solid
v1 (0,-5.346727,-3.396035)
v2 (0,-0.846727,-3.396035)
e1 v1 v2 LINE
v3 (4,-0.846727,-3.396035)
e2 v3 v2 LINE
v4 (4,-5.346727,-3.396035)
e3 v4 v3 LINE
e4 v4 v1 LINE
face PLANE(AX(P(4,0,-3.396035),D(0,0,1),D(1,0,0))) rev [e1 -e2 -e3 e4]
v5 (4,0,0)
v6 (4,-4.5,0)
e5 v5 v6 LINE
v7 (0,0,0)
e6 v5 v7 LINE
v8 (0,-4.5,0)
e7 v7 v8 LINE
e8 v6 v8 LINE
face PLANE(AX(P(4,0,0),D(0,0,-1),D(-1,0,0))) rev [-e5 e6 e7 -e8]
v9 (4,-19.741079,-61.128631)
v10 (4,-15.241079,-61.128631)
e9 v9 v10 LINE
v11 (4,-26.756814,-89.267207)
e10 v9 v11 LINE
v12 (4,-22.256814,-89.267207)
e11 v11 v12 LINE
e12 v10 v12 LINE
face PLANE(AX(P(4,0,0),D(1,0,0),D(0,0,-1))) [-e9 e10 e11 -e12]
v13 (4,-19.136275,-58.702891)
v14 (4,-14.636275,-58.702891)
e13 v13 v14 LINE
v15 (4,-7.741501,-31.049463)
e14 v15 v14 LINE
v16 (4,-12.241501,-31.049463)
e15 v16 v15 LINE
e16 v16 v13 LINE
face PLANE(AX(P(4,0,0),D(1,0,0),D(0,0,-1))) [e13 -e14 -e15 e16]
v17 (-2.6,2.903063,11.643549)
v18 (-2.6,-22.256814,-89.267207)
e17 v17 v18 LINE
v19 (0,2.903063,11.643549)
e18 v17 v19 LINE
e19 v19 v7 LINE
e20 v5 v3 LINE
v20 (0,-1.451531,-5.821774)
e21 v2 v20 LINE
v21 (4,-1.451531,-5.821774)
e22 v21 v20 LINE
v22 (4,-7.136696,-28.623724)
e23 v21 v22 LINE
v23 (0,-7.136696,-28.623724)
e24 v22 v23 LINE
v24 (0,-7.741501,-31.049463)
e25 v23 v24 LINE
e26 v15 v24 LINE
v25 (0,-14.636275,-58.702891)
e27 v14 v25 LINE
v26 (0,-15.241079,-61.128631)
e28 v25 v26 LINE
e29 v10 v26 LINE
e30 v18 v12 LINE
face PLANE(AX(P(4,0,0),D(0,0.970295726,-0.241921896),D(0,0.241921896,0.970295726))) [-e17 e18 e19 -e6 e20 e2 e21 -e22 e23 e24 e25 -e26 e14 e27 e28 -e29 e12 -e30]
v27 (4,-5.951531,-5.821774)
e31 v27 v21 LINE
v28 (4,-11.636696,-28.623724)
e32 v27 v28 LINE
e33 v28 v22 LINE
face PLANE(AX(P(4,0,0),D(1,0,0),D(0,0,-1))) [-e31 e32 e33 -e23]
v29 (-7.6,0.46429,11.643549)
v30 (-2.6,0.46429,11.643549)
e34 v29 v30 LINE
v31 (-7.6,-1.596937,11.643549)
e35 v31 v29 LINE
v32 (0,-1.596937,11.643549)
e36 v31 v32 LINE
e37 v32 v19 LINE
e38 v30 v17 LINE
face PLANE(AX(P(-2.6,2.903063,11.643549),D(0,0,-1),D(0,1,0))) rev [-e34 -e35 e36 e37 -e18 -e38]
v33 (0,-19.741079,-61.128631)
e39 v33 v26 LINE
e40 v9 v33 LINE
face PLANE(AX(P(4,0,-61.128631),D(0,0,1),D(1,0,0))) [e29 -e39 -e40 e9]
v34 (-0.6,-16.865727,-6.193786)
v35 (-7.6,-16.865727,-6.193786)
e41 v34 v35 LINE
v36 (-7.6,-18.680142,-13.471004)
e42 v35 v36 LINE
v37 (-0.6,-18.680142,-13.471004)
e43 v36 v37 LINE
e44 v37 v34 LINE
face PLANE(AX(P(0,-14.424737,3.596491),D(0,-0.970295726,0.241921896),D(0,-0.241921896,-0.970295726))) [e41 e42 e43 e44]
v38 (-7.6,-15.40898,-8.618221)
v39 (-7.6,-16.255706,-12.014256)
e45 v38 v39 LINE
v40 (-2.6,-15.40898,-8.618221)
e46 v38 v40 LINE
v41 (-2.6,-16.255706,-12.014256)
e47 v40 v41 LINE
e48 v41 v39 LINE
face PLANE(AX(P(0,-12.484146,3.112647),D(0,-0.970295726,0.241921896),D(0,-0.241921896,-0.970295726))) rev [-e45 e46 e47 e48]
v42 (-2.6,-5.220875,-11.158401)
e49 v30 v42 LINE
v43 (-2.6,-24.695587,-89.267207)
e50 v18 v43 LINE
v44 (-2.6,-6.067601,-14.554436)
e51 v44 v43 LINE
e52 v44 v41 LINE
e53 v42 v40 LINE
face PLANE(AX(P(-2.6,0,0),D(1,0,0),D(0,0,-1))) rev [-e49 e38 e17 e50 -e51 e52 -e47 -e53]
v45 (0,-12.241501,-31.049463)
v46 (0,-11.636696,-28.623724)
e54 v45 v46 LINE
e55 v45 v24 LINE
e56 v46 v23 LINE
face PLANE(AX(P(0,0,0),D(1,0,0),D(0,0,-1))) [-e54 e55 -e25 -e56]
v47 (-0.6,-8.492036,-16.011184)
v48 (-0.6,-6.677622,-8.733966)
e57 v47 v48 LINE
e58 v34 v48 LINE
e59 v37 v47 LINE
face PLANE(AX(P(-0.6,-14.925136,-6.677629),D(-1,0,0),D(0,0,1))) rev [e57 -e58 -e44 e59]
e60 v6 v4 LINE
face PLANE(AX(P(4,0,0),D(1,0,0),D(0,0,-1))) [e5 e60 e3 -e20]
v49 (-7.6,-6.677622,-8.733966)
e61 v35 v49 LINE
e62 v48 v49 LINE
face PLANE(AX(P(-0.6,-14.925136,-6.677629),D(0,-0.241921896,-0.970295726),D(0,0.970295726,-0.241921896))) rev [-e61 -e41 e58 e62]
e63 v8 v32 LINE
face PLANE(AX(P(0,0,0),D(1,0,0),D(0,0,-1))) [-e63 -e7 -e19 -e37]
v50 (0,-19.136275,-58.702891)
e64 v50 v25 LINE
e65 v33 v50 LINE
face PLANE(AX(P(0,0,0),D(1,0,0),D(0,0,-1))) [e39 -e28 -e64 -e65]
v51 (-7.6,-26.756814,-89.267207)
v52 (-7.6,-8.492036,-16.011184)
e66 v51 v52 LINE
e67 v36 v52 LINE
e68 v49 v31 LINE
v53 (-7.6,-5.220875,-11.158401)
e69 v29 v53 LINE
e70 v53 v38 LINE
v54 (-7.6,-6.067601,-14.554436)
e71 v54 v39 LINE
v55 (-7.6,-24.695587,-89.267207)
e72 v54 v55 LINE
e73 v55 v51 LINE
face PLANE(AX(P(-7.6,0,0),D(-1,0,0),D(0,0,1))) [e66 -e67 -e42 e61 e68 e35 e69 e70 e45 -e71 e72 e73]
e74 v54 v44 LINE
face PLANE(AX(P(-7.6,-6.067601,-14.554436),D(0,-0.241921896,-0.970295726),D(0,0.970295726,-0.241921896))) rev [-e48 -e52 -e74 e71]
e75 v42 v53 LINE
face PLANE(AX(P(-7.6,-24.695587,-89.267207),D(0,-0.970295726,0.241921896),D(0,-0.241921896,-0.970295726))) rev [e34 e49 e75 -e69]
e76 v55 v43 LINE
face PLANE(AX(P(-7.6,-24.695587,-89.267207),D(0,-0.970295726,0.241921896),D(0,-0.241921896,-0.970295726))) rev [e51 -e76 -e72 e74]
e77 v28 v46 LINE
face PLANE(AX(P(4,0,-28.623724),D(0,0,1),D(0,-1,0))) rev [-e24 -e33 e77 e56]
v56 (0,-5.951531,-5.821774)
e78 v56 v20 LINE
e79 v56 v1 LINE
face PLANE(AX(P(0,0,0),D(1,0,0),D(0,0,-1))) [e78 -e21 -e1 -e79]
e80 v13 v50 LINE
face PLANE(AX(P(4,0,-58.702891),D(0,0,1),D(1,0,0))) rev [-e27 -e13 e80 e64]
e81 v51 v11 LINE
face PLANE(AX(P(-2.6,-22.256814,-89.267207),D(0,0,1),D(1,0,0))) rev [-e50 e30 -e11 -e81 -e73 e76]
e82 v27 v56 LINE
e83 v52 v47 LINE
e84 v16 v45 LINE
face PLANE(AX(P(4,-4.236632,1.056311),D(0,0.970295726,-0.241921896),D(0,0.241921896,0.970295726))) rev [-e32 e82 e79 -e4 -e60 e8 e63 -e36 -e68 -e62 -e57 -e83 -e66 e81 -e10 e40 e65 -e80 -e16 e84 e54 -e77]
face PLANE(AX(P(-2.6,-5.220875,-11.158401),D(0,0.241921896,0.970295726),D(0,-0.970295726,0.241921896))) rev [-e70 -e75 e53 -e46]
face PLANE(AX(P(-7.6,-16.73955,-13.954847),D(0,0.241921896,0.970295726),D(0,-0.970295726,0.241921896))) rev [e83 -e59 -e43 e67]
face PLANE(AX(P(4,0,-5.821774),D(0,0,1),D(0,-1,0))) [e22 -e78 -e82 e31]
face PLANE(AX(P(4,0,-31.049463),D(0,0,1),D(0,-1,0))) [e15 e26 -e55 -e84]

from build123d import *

# Parameters (mm, degrees)
SIDE_COMB_DEPTH           = 4
SIDE_COMB_2_DEPTH         = 4
SIDE_COMB_3_DEPTH         = 4
SIDE_COMB_4_DEPTH         = 4
SIDE_SPACER_DEPTH         = 2.6
NARROW_SUPPORT_DEPTH      = 5
SKETCH7_W                 = 5
SKETCH7_H                 = 3.5
GAP_FOR_SUPPORT_BAR_DEPTH = 2
SUPPORT_BAR_SIDES_DEPTH   = 8.5
SKETCH8_W                 = 7
SKETCH8_H                 = 7.5
SUPPORT_BAR_BOTTOM_DEPTH  = 2


with BuildPart() as part:
    # Sketch1 → Side comb (new body)
    with BuildSketch(Plane(origin=(0, 0, 0), x_dir=(0, 0, -1), z_dir=(1, 0, 0))):
        Polygon((3.396035042, -0.846726635), (0, 0), (0, -4.5), (3.396035042, -5.346726635), align=None)
    extrude(amount=SIDE_COMB_DEPTH)



with BuildPart() as body_2:
    # Sketch1 → Side comb 2 (new body)
    with BuildSketch(Plane(origin=(0, 0, 0), x_dir=(0, 0, -1), z_dir=(1, 0, 0))):
        Polygon((28.623723925, -7.13669592), (5.821774358, -1.451531374), (5.821774358, -5.951531374), (28.623723925, -11.63669592), align=None)
    extrude(amount=SIDE_COMB_2_DEPTH)


with BuildPart() as body_3:
    # Sketch1 → Side comb 3 (new body)
    with BuildSketch(Plane(origin=(0, 0, 0), x_dir=(0, 0, -1), z_dir=(1, 0, 0))):
        Polygon((58.70289144, -14.636274684), (31.049463241, -7.741500659), (31.049463241, -12.241500659), (58.70289144, -19.136274684), align=None)
    extrude(amount=SIDE_COMB_3_DEPTH)


with BuildPart() as body_4:
    # Sketch1 → Side comb 4 (new body)
    with BuildSketch(Plane(origin=(0, 0, 0), x_dir=(0, 0, -1), z_dir=(1, 0, 0))):
        Polygon((89.267206817, -22.256814395), (61.128630755, -15.241079423), (61.128630755, -19.741079423), (89.267206817, -26.756814395), align=None)
    extrude(amount=SIDE_COMB_4_DEPTH)


with BuildPart() as part_1:
    add(part.part)

    add(body_2.part)  # Side spacer merges body 2

    add(body_3.part)  # Side spacer merges body 3

    add(body_4.part)  # Side spacer merges body 4
    # Sketch2 → Side spacer (add)
    with BuildSketch(Plane.ZY):
        Polygon((-89.267206817, -22.256814395), (-89.267206817, -26.756814395), (11.643548715, -1.596937253), (11.643548715, 2.903062747), align=None)
    extrude(amount=SIDE_SPACER_DEPTH)

    # Sketch3 → Narrow support (add)
    with BuildSketch(Plane.ZY.offset(2.6)):
        Polygon((-89.267206817, -24.695587136), (11.643548715, 0.464290006), (11.643548715, -1.596937253), (-89.267206817, -26.756814395), align=None)
    extrude(amount=NARROW_SUPPORT_DEPTH)

    # Sketch7 → Gap for support bar (cut)
    with BuildSketch(Plane(origin=(0, -4.236632084, 1.056311016), x_dir=(1, 0, 0), z_dir=(0, -0.970295726, 0.241921896))):
        with Locations((-5.1, -13.839992525)):
            Rectangle(SKETCH7_W, SKETCH7_H)
    extrude(amount=-GAP_FOR_SUPPORT_BAR_DEPTH, mode=Mode.SUBTRACT)

    # Sketch6 → Support bar sides (add)
    with BuildSketch(Plane(origin=(0, -4.236632084, 1.056311016), x_dir=(1, 0, 0), z_dir=(0, -0.970295726, 0.241921896))):
        Polygon((-2.6, -12.089992525), (-7.6, -12.089992525), (-7.6, -10.089992525), (-0.6, -10.089992525), (-0.6, -17.589992525), (-7.6, -17.589992525), (-7.6, -15.589992525), (-2.6, -15.589992525), align=None)
    extrude(amount=SUPPORT_BAR_SIDES_DEPTH)

    # Sketch8 → Support bar bottom (add)
    with BuildSketch(Plane(origin=(0, -12.484145757, 3.112647129), x_dir=(1, 0, 0), z_dir=(0, -0.970295726, 0.241921896))):
        with Locations((-4.1, -13.839992525)):
            Rectangle(SKETCH8_W, SKETCH8_H)
    extrude(amount=SUPPORT_BAR_BOTTOM_DEPTH)


solid = part_1.part
